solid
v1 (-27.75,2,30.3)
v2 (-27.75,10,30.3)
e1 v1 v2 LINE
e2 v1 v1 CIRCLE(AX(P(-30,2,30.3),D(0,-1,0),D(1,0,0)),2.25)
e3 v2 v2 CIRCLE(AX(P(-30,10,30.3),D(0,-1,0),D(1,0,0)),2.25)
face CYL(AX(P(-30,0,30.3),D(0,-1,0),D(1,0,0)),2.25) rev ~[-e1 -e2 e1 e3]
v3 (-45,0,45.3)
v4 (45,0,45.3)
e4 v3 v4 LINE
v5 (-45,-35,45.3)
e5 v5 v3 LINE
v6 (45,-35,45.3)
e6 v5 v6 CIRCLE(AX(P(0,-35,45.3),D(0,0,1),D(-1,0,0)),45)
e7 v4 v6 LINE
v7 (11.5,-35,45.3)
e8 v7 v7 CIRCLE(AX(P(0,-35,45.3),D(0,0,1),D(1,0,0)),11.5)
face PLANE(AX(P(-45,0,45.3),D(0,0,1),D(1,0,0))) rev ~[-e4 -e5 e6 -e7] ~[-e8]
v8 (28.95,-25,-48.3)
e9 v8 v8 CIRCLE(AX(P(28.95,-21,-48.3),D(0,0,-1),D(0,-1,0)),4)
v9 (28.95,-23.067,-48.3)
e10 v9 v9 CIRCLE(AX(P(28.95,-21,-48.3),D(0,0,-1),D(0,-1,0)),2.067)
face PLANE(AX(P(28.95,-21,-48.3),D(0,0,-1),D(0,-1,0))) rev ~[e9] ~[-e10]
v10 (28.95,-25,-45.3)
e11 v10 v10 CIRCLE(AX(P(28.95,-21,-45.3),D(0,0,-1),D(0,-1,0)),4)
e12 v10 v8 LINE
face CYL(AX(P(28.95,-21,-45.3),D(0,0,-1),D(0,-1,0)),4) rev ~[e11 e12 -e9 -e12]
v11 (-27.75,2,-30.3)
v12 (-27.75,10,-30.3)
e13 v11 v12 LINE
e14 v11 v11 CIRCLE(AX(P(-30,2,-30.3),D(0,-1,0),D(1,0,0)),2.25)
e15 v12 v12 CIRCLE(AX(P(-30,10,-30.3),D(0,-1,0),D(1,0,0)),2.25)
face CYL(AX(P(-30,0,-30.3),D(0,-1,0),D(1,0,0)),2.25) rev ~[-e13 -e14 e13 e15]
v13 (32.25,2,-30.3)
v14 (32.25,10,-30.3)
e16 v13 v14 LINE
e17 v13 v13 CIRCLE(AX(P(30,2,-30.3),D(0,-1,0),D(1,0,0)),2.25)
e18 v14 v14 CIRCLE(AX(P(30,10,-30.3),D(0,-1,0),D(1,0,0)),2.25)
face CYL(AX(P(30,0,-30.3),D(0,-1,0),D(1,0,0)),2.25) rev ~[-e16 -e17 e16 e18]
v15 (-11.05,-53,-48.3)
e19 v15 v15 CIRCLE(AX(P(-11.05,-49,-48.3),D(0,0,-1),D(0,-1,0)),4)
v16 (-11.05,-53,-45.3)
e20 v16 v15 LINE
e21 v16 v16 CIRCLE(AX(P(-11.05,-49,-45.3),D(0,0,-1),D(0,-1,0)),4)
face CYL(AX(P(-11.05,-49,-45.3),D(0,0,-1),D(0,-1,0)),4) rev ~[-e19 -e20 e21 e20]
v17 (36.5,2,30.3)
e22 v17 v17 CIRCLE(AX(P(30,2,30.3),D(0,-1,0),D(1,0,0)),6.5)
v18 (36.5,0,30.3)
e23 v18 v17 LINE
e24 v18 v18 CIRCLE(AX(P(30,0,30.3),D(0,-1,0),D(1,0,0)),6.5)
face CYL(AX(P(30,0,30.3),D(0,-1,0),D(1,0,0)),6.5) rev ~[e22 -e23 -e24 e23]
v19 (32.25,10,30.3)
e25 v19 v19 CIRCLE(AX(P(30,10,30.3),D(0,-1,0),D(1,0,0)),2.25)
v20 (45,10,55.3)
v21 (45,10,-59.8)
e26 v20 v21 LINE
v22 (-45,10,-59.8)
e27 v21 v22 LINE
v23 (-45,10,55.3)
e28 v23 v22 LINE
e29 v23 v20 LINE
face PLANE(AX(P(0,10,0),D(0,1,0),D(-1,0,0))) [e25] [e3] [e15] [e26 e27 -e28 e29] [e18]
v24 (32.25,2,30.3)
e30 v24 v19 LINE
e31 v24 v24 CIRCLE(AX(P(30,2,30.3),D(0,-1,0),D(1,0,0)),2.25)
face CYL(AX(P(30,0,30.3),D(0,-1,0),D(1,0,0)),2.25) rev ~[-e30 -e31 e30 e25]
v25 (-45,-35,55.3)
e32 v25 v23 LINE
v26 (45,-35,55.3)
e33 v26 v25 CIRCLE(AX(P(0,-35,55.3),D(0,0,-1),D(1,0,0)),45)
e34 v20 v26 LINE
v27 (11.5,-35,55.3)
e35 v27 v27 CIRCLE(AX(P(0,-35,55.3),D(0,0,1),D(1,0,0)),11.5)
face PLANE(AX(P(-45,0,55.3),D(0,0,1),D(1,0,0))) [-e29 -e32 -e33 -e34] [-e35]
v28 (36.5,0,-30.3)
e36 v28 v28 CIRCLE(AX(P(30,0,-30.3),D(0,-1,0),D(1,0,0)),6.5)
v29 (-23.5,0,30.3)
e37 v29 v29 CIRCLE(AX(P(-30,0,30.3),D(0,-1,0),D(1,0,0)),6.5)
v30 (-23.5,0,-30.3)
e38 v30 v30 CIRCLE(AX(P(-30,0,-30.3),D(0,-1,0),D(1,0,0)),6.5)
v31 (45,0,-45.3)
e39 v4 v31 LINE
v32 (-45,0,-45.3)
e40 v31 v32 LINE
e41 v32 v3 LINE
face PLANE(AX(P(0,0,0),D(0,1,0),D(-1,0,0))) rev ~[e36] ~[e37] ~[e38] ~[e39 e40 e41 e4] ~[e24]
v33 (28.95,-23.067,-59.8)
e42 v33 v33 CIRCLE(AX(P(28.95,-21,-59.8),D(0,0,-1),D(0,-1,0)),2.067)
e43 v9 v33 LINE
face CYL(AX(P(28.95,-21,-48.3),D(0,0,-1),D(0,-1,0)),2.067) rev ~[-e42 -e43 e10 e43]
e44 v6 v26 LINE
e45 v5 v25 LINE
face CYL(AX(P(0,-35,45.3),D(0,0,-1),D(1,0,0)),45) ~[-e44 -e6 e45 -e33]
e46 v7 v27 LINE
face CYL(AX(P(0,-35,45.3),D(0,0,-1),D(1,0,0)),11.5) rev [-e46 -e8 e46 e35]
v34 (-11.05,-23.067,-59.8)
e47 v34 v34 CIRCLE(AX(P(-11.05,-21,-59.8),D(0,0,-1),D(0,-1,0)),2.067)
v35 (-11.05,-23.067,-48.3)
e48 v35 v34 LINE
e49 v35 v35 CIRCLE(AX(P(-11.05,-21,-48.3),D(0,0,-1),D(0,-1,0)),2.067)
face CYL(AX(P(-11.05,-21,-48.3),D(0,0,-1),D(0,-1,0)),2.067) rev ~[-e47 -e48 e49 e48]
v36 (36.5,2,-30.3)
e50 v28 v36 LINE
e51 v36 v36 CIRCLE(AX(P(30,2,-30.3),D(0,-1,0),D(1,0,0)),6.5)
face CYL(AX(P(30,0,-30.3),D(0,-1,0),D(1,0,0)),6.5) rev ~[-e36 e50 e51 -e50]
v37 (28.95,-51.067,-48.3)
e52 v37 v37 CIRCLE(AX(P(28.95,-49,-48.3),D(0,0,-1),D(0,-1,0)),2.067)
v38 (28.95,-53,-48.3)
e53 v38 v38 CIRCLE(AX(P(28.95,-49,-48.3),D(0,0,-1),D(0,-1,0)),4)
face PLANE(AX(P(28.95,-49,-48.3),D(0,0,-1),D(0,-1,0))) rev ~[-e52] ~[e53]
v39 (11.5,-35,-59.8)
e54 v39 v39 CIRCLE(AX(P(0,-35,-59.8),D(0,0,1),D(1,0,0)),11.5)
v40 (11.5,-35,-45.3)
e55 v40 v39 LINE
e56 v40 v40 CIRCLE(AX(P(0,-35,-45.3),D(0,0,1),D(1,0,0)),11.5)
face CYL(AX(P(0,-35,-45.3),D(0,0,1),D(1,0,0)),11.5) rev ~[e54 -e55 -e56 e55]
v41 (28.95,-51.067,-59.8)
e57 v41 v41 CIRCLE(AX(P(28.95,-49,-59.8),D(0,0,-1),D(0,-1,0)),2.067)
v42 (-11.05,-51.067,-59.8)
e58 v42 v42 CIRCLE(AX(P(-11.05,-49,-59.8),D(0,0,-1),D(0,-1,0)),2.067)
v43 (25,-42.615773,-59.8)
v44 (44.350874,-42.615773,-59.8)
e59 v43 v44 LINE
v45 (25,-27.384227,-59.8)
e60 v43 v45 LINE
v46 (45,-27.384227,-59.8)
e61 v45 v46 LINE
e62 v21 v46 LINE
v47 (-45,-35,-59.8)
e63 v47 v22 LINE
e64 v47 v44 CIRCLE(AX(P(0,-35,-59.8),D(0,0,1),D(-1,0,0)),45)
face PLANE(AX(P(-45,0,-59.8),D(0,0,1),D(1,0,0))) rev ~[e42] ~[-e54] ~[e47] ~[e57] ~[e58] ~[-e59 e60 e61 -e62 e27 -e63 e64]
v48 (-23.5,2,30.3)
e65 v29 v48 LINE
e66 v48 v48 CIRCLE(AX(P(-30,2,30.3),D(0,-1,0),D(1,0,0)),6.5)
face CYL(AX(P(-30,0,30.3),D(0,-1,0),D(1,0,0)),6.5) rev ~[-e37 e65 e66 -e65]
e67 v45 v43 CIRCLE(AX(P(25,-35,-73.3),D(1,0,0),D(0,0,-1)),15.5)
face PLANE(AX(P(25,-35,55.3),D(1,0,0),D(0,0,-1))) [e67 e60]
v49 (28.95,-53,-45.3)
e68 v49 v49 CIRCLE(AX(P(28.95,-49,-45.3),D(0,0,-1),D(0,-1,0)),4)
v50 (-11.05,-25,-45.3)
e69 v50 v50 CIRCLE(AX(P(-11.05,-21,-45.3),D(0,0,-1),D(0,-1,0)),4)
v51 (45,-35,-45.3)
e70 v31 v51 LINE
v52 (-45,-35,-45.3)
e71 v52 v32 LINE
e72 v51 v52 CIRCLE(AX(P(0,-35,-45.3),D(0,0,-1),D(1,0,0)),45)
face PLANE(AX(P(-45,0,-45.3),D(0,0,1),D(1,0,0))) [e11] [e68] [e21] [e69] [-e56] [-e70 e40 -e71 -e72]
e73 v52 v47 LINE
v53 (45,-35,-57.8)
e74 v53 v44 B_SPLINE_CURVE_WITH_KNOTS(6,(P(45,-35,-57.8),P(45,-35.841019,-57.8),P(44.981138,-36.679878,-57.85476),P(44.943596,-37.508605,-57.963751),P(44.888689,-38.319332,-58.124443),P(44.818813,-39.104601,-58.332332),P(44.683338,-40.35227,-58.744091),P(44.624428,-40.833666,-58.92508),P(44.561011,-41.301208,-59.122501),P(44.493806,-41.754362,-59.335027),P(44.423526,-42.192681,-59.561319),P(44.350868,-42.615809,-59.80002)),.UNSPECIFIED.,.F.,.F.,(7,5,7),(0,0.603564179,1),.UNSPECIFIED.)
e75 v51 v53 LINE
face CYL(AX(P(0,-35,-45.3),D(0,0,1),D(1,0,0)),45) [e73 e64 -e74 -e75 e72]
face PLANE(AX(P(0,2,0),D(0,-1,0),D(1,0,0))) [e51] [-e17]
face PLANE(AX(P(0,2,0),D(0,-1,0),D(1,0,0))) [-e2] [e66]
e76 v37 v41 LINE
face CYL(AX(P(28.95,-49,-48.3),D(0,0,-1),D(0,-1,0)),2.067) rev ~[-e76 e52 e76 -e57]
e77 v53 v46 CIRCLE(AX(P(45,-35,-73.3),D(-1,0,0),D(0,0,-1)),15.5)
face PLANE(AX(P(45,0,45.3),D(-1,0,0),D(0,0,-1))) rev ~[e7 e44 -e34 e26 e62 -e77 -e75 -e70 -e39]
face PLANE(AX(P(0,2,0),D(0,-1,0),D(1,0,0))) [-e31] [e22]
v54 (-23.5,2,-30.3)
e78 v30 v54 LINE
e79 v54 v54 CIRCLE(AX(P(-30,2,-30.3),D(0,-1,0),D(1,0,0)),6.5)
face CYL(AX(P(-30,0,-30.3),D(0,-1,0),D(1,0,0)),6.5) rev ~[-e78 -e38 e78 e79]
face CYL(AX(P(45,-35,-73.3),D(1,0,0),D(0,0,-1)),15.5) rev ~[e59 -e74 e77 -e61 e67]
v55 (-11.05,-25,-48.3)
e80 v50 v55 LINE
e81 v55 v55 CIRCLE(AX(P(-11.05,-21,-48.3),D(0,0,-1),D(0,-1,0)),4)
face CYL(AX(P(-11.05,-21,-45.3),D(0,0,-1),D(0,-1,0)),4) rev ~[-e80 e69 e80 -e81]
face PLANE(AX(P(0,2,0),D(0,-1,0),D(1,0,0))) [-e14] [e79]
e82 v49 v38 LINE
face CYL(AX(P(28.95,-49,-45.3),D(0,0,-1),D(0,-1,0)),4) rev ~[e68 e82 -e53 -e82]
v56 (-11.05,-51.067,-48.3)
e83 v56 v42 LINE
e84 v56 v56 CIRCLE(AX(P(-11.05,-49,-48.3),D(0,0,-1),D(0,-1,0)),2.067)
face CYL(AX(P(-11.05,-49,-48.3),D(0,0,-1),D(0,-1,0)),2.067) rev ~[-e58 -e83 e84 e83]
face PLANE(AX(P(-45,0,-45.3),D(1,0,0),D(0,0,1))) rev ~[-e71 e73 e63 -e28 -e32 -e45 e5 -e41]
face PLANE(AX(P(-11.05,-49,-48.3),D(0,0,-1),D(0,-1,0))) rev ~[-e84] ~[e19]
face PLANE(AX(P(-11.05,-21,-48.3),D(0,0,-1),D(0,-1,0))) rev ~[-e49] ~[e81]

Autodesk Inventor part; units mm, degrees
ref_plane "YZ Plane" through (0, 0, 0) normal (1, 0, 0) x (0, 1, 0)
ref_plane "XZ Plane" through (0, 0, 0) normal (0, 1, 0) x (-1, 0, 0)
ref_plane "XY Plane" through (0, 0, 0) normal (0, 0, 1) x (1, 0, 0)
sketch "Sketch1" plane through (0, 0, 0) normal (0, 1, 0) x (-1, 0, 0)
  line L0 (45, 45.3) -> (-45, 45.3)
  line L1 (-45, 45.3) -> (-45, -45.3)
  line L2 (-45, -45.3) -> (45, -45.3)
  line L3 (45, -45.3) -> (45, 45.3)
  line L4 (45, 45.3) -> (-45, -45.3) construction
  line L5 (-45, 45.3) -> (45, -45.3) construction
  point P0 (0, 0)
  dimension "d0" = 90
  dimension "d1" = 90.6
extrude "Extrusion1" add sketch "Sketch1" along normal blind 10
sketch "Sketch2" plane through (-45, 0, 45.3) normal (0, 0, 1) x (1, 0, 0)
  line L0 (90, 10) -> (0, 10) projected
  line L1 (0, 10) -> (90, 10)
  line L2 (90, 10) -> (90, -80)
  line L3 (90, -80) -> (0, -80)
  line L4 (0, -80) -> (0, 10)
  circle A0 centre (45, -35) radius 45
  circle A1 centre (45, -35) radius 11.5
  point P0 (45, 0)
  point P1 (0, -35)
  point P2 (90, -35)
  dimension "d4" = 90
  dimension "d5" = 90
  dimension "d10" = 23
extrude "Extrusion2" add sketch "Sketch2" along normal blind 10 contours L2 A0 L0 | A0 L4 L0 | A0
extrude "Extrusion4" add sketch "Sketch2" against normal blind 14.5 from surface at -90.6 contours L2 A0 L0 | A0 L4 L0 | A0
sketch "Sketch3" plane through (0, -35, -59.8) normal (0, 0, -1) x (-1, 0, 0)
  circle A0 centre (0, 0) radius 9.4
  circle A1 centre (11.05, 14) radius 2
  circle A2 centre (11.05, -14) radius 2
  circle A3 centre (-28.95, 14) radius 2
  circle A4 centre (-28.95, -14) radius 2
  circle A5 centre (0, 0) radius 8.9
  line L0 (-45, 45) -> (45, 45) projected
  point P0 (0, 35)
  dimension "d13" = 18.8
  dimension "d14" = 4
  dimension "d15" = 4
  dimension "d16" = 28
  dimension "d17" = 11.05
  dimension "d18" = 14
  dimension "d19" = 4
  dimension "d20" = 4
  dimension "d21" = 40
  dimension "d22" = 40
  dimension "d23" = 14
  dimension "d24" = 28
  dimension "d25" = 14
  dimension "d30" = 0.5
sketch "Sketch4" plane through (0, -35, -45.3) normal (0, 0, 1) x (1, 0, 0)
  circle A0 centre (28.95, 14) radius 2 projected
  circle A1 centre (28.95, -14) radius 2 projected
  circle A2 centre (-11.05, -14) radius 2 projected
  circle A3 centre (-11.05, 14) radius 2 projected
  point P0 (0, 35)
hole "Hole2" at (-11.05, -49, -45.3) at (-11.05, -21, -45.3) at (28.95, -49, -45.3) at (28.95, -21, -45.3) direction (0, 0, -1) diameter 4.134 depth 14.5 counterbore diameter 8 counterbore depth 3 thread size "M5x0.8" class "6H" standard "ISO Metric profile"
sketch "Sketch5" plane through (0, 0, 0) normal (0, -1, 0) x (1, 0, 0)
  circle A0 centre (-30, -30.3) radius 6.5
  line L0 (-45, -45.3) -> (-45, 45.3) projected
  line L1 (-45, 0) -> (45, 0)
  line L2 (45, -59.8) -> (45, 55.3) projected
  line L3 (-45, 45.3) -> (45, 45.3) projected
  line L4 (0, 45.3) -> (0, -45.3)
  line L5 (45, -45.3) -> (-45, -45.3) projected
  circle A1 centre (-30, -30.3) radius 2.25
  circle A2 centre (-30, 30.3) radius 6.5
  circle A3 centre (-30, 30.3) radius 2.25
  circle A4 centre (30, -30.3) radius 6.5
  circle A5 centre (30, -30.3) radius 2.25
  circle A6 centre (30, 30.3) radius 2.25
  circle A7 centre (30, 30.3) radius 6.5
  point P0 (0, 0)
  dimension "d59" = 13
  dimension "d60" = 15
  dimension "d61" = 15
  dimension "d62" = 4.5
extrude "Extrusion6" cut sketch "Sketch5" against normal blind 2 contours A0 | A2 | A4 | A7
extrude "Extrusion7" cut sketch "Sketch5" against normal through all contours A1 | A3 | A5 | A6
sketch "Sketch6" plane through (45, -35, 55.3) normal (1, 0, 0) x (0, 0, -1)
  line L0 (7.6158, 13.5) -> (-7.6158, 13.5)
  line L1 (115.1, 0) -> (128.6, 0)
  line L2 (115.1, 0) -> (100.6, 0) projected
  line L3 (115.1, -11.5) -> (115.1, 11.5) projected
  circle A0 centre (128.6, 0) radius 15.5
  line L4 (115.1, 45) -> (115.1, 0) projected
  line L5 (115.1, 7.6158) -> (115.1, -7.6158)
  point P0 (55.3, 35)
extrude "Extrusion8" cut sketch "Sketch6" against normal blind 20
properties part number "Holder2.2"
